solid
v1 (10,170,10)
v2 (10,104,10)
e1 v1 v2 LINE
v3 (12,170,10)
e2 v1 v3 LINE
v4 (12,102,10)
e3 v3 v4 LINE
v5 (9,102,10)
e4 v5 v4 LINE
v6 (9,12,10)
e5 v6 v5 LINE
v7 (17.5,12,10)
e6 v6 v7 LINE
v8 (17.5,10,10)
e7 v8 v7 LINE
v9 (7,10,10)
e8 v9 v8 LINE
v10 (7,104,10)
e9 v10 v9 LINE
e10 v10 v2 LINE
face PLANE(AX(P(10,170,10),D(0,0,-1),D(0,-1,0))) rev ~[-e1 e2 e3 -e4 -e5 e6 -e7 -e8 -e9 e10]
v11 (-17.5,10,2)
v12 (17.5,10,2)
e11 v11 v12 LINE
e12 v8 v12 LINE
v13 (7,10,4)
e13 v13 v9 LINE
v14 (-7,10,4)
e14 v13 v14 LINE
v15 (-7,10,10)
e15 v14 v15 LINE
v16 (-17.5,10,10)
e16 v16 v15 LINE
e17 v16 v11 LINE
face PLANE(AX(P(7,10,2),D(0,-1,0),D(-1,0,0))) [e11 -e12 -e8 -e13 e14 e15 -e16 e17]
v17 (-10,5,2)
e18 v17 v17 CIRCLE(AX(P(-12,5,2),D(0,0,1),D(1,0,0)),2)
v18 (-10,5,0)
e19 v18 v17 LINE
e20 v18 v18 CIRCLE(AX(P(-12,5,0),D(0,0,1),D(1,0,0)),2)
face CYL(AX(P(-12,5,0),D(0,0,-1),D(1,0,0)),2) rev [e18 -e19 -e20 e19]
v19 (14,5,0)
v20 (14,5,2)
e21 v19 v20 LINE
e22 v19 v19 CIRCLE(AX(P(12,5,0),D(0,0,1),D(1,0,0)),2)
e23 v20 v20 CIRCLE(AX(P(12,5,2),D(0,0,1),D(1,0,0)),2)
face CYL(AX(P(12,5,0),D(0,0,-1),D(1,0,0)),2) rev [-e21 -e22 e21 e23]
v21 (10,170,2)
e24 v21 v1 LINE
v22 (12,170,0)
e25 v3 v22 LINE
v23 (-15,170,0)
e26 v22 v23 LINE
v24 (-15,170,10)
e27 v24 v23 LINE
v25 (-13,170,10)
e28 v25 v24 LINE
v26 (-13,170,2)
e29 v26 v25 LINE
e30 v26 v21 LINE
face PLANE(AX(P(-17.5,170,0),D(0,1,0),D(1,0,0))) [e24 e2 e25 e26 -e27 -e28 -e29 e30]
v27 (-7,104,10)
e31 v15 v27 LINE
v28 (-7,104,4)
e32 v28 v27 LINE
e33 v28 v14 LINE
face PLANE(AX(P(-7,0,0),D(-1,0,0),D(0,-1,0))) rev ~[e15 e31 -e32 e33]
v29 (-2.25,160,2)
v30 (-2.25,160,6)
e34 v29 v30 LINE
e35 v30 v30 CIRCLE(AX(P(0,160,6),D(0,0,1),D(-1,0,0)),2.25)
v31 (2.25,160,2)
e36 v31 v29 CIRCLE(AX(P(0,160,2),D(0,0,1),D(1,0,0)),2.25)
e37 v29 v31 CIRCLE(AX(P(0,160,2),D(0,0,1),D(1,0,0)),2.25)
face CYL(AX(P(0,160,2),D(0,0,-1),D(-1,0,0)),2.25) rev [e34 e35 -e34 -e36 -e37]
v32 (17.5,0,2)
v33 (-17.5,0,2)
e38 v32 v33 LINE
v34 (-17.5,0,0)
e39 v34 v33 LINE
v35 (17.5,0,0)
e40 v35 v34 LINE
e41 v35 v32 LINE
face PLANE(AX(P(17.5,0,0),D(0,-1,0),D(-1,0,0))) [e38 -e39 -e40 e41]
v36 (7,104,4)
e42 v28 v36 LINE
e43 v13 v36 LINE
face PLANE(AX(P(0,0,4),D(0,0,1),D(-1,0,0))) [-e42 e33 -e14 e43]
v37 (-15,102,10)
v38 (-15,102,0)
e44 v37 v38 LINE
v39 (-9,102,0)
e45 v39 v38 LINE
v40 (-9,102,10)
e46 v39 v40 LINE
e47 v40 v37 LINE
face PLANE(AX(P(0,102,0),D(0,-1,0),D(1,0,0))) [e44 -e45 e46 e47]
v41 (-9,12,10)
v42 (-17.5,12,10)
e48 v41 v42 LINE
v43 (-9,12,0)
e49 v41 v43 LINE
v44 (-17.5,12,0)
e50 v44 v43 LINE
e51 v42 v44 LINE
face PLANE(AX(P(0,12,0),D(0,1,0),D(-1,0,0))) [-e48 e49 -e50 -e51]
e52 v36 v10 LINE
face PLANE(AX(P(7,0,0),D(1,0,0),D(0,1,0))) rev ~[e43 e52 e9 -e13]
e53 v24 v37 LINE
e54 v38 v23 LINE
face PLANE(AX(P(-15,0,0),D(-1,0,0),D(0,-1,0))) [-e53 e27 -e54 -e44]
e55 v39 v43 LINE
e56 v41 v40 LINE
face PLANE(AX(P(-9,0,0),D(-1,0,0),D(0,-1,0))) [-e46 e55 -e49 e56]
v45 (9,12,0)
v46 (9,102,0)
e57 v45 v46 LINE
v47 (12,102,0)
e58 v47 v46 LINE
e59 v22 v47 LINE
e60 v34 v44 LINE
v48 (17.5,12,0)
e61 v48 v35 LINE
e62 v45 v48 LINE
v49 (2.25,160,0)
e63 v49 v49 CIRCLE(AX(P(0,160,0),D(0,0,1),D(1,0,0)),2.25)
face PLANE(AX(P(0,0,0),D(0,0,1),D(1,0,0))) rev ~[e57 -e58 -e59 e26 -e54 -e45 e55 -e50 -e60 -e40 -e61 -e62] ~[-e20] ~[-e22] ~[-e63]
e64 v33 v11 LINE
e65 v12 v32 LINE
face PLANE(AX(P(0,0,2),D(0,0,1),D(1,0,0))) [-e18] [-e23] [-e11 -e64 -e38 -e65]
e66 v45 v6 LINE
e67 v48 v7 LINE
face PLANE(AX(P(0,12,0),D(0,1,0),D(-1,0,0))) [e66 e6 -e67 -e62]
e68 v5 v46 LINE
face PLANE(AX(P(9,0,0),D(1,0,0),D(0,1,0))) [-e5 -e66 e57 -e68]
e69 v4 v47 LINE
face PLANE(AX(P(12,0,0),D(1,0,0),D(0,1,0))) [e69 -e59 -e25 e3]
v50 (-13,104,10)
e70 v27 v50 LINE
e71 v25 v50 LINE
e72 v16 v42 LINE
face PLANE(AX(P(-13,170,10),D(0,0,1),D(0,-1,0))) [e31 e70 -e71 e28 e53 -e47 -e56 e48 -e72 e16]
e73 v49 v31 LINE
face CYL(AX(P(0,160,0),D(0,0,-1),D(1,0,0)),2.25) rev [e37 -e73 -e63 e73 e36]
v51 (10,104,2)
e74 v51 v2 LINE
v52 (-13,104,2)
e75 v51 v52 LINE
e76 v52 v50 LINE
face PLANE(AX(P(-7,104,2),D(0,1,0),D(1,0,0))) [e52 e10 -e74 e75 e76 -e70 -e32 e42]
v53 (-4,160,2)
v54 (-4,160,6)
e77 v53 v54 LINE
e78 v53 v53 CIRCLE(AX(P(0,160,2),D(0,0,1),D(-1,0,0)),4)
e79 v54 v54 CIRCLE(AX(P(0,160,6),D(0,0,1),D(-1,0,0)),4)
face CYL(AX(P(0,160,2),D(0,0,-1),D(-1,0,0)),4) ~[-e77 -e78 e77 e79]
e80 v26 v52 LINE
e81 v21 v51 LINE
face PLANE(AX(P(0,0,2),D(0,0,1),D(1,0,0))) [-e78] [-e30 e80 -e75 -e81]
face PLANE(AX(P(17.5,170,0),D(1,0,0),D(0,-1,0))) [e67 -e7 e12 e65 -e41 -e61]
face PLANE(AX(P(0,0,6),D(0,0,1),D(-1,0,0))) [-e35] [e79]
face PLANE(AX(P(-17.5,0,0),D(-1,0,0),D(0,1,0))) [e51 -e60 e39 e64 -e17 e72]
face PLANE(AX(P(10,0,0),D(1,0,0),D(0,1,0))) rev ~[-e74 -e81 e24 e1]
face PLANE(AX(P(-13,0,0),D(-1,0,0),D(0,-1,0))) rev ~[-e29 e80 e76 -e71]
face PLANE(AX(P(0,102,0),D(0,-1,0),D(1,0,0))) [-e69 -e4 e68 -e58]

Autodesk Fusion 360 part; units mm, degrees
sketch "スケッチ1" plane through (0, 0, 0) normal (0, 0, 1) x (1, 0, 0)
  line L0 (-17.5, 170) -> (17.5, 170)
  line L1 (17.5, 170) -> (17.5, 0)
  line L2 (17.5, 0) -> (-17.5, 0)
  line L3 (-17.5, 0) -> (-17.5, 170)
  circle A0 centre (12, 5) radius 2
  circle A1 centre (-12, 5) radius 2
  line L4 (12, 5) -> (-12, 5) construction
  circle A2 centre (0, 160) radius 2.25
  dimension "d1" = 170
  dimension "d2" = 35
  dimension "d3" = 4
  dimension "d4" = 4
  dimension "d5" = 24
  dimension "d6" = 5
  dimension "d7" = 5.5
  dimension "d8" = 4.5
  dimension "d9" = 155
extrude "押し出し1" add sketch "スケッチ1" along normal blind 2 makes body 1
sketch "スケッチ2" plane through (0, 0, 2) normal (0, 0, 1) x (-1, 0, 0)
  circle A0 centre (-12, -5) radius 2
  circle A1 centre (0, -160) radius 2.25
  circle A2 centre (12, -5) radius 2
  line L0 (17.5, 0) -> (-17.5, 0)
  line L1 (-17.5, 0) -> (-17.5, -170)
  line L2 (-17.5, -170) -> (17.5, -170)
  line L3 (17.5, -170) -> (17.5, 0)
  line L4 (-7, -170) -> (-17.5, -170)
  line L5 (-17.5, -170) -> (-17.5, -10)
  line L6 (-17.5, -10) -> (-7, -10)
  line L7 (-7, -10) -> (-7, -170)
  line L8 (17.5, -170) -> (7, -170)
  line L9 (7, -170) -> (7, -10)
  line L10 (7, -10) -> (17.5, -10)
  line L11 (17.5, -10) -> (17.5, -170)
  dimension "d12" = 10.5
  dimension "d13" = 10
  dimension "d14" = 10.5
  dimension "d15" = 10
extrude "押し出し2" cut sketch "スケッチ2" against normal blind 2 contours L2 L3 L8 L9 L10 L11 | L1 L2 L4 L5 L6 L7 bodies 1
sketch "スケッチ3" plane through (7, 0, 0) normal (1, 0, 0) x (0, 1, 0)
  line L0 (170, 2) -> (10, 2)
  line L1 (10, 2) -> (10, 0)
  line L2 (10, 0) -> (170, 0)
  line L3 (170, 0) -> (170, 2)
  line L4 (10, 10) -> (104, 10)
  line L5 (104, 10) -> (104, 0)
  line L6 (104, 0) -> (10, 0)
  line L7 (10, 0) -> (10, 10)
  dimension "d18" = 10
  dimension "d19" = 94
extrude "押し出し3" add sketch "スケッチ3" along normal blind 2 separate body contours L0 L1 L2 L5 L6 L7 | L0 L4 L5 L7 makes body 2
sketch "スケッチ4" plane through (-7, 0, 0) normal (-1, 0, 0) x (0, -1, 0)
  line L0 (-10, 2) -> (-170, 2)
  line L1 (-170, 2) -> (-170, 0)
  line L2 (-170, 0) -> (-10, 0)
  line L3 (-10, 0) -> (-10, 2)
  line L4 (-10, 10) -> (-104, 10)
  line L5 (-104, 10) -> (-104, 0)
  line L6 (-104, 0) -> (-10, 0)
  line L7 (-10, 0) -> (-10, 10)
  line L8 (-104, 10) -> (-104, 0)
  line L9 (-10, 0) -> (-10, 10)
  line L10 (-10, 10) -> (-104, 10)
extrude "押し出し4" add sketch "スケッチ4" along normal blind 2 separate body contours L0 L2 L3 L5 L6 L7 L8 L9 | L0 L4 L5 L7 L8 L9 L10 makes body 3
sketch "スケッチ5" plane through (0, 0, 2) normal (0, 0, 1) x (-1, 0, 0)
  line L0 (7, -170) -> (7, -10)
  line L1 (7, -10) -> (17.5, -10)
  line L2 (17.5, -10) -> (17.5, 0)
  line L3 (17.5, 0) -> (-17.5, 0)
  line L4 (-17.5, 0) -> (-17.5, -10)
  line L5 (-17.5, -10) -> (-7, -10)
  line L6 (-7, -10) -> (-7, -170)
  line L7 (-7, -170) -> (7, -170)
  circle A0 centre (12, -5) radius 2
  circle A1 centre (0, -160) radius 2.25
  circle A2 centre (-12, -5) radius 2
  line L8 (-7, -170) -> (-10, -170)
  line L9 (-10, -170) -> (-10, -104)
  line L10 (-10, -104) -> (-7, -104)
  line L11 (-7, -104) -> (-7, -170)
  line L12 (-7, -104) -> (-9, -104)
  line L13 (7, -170) -> (13, -170)
  line L14 (13, -170) -> (13, -104)
  line L15 (13, -104) -> (7, -104)
  line L16 (7, -104) -> (7, -170)
  line L17 (7, -104) -> (9, -104)
  dimension "d24" = 3
  dimension "d25" = 6
extrude "押し出し5" add sketch "スケッチ5" against normal blind 2 contours L0 L13 L14 L15 L16 L17 | L6 L8 L9 L10 L11 L12 bodies 1 2 3
sketch "スケッチ10" plane through (-13, 0, 0) normal (-1, 0, 0) x (0, -1, 0)
  line L0 (-104, 2) -> (-170, 2)
  line L1 (-170, 2) -> (-170, 0)
  line L2 (-170, 0) -> (-104, 0)
  line L3 (-104, 0) -> (-104, 2)
  line L4 (-104, 0) -> (-170, 0)
  line L5 (-170, 0) -> (-170, 10)
  line L6 (-170, 10) -> (-104, 10)
  line L7 (-104, 10) -> (-104, 0)
  point P0 (-104, 10)
extrude "押し出し8" add sketch "スケッチ10" along normal blind 2 separate body makes body 4
sketch "スケッチ11" plane through (10, 0, 0) normal (1, 0, 0) x (0, 1, 0)
  line L0 (170, 2) -> (104, 2)
  line L1 (104, 2) -> (104, 0)
  line L2 (104, 0) -> (170, 0)
  line L3 (170, 0) -> (170, 2)
  line L4 (104, 0) -> (170, 0)
  line L5 (170, 0) -> (170, 10)
  line L6 (170, 10) -> (104, 10)
  line L7 (104, 10) -> (104, 0)
  line L8 (104, 10) -> (10, 10)
extrude "押し出し9" add sketch "スケッチ11" along normal blind 2 separate body makes body 5
sketch "スケッチ12" plane through (0, 104, 0) normal (0, -1, 0) x (1, 0, 0)
  line L0 (-13, 0) -> (-13, 10)
  line L1 (-13, 10) -> (-15, 10)
  line L2 (-15, 10) -> (-15, 0)
  line L3 (-15, 0) -> (-13, 0)
  line L4 (-15, 10) -> (-7, 10)
  line L5 (-7, 10) -> (-7, 0)
  line L6 (-7, 0) -> (-15, 0)
  line L7 (-15, 0) -> (-15, 10)
  line L8 (-7, 2) -> (-7, 10)
  line L9 (17.5, 0) -> (-17.5, 0)
  line L10 (7, 10) -> (12, 10)
  line L11 (12, 10) -> (12, 0)
  line L12 (12, 0) -> (7, 0)
  line L13 (7, 0) -> (7, 10)
  line L14 (12, 10) -> (12, 0)
  line L15 (7, 2) -> (7, 10)
  line L16 (10, 10) -> (12, 10)
extrude "押し出し10" add sketch "スケッチ12" along normal blind 2 bodies 1 4 5
sketch "スケッチ13" plane through (0, 10, 0) normal (0, 1, 0) x (-1, 0, 0)
  line L0 (-9, 0) -> (-9, 2)
  line L1 (-9, 2) -> (-17.5, 2)
  line L2 (-17.5, 2) -> (-17.5, 0)
  line L3 (-17.5, 0) -> (-9, 0)
  line L4 (-17.5, 0) -> (-7, 0)
  line L5 (-7, 0) -> (-7, 10)
  line L6 (-7, 10) -> (-17.5, 10)
  line L7 (-17.5, 10) -> (-17.5, 0)
  line L8 (7, 10) -> (17.5, 10)
  line L9 (17.5, 10) -> (17.5, 0)
  line L10 (17.5, 0) -> (7, 0)
  line L11 (7, 0) -> (7, 10)
  point P0 (-7, 10)
  point P1 (7, 10)
  point P2 (17.5, 0)
extrude "押し出し11" add sketch "スケッチ13" along normal blind 2 bodies 1
sketch "スケッチ14" plane through (0, 0, 2) normal (0, 0, 1) x (-1, 0, 0)
  line L0 (7, -104) -> (7, -10)
  line L1 (7, -10) -> (17.5, -10)
  line L2 (17.5, -10) -> (17.5, 0)
  line L3 (17.5, 0) -> (-17.5, 0)
  line L4 (-17.5, 0) -> (-17.5, -10)
  line L5 (-17.5, -10) -> (-7, -10)
  line L6 (-7, -10) -> (-7, -104)
  line L7 (-7, -104) -> (-10, -104)
  line L8 (-10, -104) -> (-10, -170)
  line L9 (-10, -170) -> (13, -170)
  line L10 (13, -170) -> (13, -104)
  line L11 (13, -104) -> (7, -104)
  circle A0 centre (12, -5) radius 2
  circle A1 centre (0, -160) radius 2.25
  circle A2 centre (-12, -5) radius 2
  line L12 (7, -104) -> (-7, -104)
  line L13 (-7, -104) -> (-7, -10)
  line L14 (-7, -10) -> (7, -10)
  line L15 (7, -10) -> (7, -104)
extrude "押し出し12" add sketch "スケッチ14" along normal blind 2 contours L0 L6 L12 L13 L14 L15 bodies 1
sketch "スケッチ15" plane through (0, 0, 2) normal (0, 0, 1) x (-1, 0, 0)
  circle A0 centre (0, -160) radius 2.25
  line L0 (13, -104) -> (-10, -104)
  line L1 (-10, -104) -> (-10, -170)
  line L2 (-10, -170) -> (13, -170)
  line L3 (13, -170) -> (13, -104)
  circle A1 centre (0, -160) radius 4
  dimension "d43" = 8
extrude "押し出し13" add sketch "スケッチ15" along normal blind 4 contours A1 bodies 1
